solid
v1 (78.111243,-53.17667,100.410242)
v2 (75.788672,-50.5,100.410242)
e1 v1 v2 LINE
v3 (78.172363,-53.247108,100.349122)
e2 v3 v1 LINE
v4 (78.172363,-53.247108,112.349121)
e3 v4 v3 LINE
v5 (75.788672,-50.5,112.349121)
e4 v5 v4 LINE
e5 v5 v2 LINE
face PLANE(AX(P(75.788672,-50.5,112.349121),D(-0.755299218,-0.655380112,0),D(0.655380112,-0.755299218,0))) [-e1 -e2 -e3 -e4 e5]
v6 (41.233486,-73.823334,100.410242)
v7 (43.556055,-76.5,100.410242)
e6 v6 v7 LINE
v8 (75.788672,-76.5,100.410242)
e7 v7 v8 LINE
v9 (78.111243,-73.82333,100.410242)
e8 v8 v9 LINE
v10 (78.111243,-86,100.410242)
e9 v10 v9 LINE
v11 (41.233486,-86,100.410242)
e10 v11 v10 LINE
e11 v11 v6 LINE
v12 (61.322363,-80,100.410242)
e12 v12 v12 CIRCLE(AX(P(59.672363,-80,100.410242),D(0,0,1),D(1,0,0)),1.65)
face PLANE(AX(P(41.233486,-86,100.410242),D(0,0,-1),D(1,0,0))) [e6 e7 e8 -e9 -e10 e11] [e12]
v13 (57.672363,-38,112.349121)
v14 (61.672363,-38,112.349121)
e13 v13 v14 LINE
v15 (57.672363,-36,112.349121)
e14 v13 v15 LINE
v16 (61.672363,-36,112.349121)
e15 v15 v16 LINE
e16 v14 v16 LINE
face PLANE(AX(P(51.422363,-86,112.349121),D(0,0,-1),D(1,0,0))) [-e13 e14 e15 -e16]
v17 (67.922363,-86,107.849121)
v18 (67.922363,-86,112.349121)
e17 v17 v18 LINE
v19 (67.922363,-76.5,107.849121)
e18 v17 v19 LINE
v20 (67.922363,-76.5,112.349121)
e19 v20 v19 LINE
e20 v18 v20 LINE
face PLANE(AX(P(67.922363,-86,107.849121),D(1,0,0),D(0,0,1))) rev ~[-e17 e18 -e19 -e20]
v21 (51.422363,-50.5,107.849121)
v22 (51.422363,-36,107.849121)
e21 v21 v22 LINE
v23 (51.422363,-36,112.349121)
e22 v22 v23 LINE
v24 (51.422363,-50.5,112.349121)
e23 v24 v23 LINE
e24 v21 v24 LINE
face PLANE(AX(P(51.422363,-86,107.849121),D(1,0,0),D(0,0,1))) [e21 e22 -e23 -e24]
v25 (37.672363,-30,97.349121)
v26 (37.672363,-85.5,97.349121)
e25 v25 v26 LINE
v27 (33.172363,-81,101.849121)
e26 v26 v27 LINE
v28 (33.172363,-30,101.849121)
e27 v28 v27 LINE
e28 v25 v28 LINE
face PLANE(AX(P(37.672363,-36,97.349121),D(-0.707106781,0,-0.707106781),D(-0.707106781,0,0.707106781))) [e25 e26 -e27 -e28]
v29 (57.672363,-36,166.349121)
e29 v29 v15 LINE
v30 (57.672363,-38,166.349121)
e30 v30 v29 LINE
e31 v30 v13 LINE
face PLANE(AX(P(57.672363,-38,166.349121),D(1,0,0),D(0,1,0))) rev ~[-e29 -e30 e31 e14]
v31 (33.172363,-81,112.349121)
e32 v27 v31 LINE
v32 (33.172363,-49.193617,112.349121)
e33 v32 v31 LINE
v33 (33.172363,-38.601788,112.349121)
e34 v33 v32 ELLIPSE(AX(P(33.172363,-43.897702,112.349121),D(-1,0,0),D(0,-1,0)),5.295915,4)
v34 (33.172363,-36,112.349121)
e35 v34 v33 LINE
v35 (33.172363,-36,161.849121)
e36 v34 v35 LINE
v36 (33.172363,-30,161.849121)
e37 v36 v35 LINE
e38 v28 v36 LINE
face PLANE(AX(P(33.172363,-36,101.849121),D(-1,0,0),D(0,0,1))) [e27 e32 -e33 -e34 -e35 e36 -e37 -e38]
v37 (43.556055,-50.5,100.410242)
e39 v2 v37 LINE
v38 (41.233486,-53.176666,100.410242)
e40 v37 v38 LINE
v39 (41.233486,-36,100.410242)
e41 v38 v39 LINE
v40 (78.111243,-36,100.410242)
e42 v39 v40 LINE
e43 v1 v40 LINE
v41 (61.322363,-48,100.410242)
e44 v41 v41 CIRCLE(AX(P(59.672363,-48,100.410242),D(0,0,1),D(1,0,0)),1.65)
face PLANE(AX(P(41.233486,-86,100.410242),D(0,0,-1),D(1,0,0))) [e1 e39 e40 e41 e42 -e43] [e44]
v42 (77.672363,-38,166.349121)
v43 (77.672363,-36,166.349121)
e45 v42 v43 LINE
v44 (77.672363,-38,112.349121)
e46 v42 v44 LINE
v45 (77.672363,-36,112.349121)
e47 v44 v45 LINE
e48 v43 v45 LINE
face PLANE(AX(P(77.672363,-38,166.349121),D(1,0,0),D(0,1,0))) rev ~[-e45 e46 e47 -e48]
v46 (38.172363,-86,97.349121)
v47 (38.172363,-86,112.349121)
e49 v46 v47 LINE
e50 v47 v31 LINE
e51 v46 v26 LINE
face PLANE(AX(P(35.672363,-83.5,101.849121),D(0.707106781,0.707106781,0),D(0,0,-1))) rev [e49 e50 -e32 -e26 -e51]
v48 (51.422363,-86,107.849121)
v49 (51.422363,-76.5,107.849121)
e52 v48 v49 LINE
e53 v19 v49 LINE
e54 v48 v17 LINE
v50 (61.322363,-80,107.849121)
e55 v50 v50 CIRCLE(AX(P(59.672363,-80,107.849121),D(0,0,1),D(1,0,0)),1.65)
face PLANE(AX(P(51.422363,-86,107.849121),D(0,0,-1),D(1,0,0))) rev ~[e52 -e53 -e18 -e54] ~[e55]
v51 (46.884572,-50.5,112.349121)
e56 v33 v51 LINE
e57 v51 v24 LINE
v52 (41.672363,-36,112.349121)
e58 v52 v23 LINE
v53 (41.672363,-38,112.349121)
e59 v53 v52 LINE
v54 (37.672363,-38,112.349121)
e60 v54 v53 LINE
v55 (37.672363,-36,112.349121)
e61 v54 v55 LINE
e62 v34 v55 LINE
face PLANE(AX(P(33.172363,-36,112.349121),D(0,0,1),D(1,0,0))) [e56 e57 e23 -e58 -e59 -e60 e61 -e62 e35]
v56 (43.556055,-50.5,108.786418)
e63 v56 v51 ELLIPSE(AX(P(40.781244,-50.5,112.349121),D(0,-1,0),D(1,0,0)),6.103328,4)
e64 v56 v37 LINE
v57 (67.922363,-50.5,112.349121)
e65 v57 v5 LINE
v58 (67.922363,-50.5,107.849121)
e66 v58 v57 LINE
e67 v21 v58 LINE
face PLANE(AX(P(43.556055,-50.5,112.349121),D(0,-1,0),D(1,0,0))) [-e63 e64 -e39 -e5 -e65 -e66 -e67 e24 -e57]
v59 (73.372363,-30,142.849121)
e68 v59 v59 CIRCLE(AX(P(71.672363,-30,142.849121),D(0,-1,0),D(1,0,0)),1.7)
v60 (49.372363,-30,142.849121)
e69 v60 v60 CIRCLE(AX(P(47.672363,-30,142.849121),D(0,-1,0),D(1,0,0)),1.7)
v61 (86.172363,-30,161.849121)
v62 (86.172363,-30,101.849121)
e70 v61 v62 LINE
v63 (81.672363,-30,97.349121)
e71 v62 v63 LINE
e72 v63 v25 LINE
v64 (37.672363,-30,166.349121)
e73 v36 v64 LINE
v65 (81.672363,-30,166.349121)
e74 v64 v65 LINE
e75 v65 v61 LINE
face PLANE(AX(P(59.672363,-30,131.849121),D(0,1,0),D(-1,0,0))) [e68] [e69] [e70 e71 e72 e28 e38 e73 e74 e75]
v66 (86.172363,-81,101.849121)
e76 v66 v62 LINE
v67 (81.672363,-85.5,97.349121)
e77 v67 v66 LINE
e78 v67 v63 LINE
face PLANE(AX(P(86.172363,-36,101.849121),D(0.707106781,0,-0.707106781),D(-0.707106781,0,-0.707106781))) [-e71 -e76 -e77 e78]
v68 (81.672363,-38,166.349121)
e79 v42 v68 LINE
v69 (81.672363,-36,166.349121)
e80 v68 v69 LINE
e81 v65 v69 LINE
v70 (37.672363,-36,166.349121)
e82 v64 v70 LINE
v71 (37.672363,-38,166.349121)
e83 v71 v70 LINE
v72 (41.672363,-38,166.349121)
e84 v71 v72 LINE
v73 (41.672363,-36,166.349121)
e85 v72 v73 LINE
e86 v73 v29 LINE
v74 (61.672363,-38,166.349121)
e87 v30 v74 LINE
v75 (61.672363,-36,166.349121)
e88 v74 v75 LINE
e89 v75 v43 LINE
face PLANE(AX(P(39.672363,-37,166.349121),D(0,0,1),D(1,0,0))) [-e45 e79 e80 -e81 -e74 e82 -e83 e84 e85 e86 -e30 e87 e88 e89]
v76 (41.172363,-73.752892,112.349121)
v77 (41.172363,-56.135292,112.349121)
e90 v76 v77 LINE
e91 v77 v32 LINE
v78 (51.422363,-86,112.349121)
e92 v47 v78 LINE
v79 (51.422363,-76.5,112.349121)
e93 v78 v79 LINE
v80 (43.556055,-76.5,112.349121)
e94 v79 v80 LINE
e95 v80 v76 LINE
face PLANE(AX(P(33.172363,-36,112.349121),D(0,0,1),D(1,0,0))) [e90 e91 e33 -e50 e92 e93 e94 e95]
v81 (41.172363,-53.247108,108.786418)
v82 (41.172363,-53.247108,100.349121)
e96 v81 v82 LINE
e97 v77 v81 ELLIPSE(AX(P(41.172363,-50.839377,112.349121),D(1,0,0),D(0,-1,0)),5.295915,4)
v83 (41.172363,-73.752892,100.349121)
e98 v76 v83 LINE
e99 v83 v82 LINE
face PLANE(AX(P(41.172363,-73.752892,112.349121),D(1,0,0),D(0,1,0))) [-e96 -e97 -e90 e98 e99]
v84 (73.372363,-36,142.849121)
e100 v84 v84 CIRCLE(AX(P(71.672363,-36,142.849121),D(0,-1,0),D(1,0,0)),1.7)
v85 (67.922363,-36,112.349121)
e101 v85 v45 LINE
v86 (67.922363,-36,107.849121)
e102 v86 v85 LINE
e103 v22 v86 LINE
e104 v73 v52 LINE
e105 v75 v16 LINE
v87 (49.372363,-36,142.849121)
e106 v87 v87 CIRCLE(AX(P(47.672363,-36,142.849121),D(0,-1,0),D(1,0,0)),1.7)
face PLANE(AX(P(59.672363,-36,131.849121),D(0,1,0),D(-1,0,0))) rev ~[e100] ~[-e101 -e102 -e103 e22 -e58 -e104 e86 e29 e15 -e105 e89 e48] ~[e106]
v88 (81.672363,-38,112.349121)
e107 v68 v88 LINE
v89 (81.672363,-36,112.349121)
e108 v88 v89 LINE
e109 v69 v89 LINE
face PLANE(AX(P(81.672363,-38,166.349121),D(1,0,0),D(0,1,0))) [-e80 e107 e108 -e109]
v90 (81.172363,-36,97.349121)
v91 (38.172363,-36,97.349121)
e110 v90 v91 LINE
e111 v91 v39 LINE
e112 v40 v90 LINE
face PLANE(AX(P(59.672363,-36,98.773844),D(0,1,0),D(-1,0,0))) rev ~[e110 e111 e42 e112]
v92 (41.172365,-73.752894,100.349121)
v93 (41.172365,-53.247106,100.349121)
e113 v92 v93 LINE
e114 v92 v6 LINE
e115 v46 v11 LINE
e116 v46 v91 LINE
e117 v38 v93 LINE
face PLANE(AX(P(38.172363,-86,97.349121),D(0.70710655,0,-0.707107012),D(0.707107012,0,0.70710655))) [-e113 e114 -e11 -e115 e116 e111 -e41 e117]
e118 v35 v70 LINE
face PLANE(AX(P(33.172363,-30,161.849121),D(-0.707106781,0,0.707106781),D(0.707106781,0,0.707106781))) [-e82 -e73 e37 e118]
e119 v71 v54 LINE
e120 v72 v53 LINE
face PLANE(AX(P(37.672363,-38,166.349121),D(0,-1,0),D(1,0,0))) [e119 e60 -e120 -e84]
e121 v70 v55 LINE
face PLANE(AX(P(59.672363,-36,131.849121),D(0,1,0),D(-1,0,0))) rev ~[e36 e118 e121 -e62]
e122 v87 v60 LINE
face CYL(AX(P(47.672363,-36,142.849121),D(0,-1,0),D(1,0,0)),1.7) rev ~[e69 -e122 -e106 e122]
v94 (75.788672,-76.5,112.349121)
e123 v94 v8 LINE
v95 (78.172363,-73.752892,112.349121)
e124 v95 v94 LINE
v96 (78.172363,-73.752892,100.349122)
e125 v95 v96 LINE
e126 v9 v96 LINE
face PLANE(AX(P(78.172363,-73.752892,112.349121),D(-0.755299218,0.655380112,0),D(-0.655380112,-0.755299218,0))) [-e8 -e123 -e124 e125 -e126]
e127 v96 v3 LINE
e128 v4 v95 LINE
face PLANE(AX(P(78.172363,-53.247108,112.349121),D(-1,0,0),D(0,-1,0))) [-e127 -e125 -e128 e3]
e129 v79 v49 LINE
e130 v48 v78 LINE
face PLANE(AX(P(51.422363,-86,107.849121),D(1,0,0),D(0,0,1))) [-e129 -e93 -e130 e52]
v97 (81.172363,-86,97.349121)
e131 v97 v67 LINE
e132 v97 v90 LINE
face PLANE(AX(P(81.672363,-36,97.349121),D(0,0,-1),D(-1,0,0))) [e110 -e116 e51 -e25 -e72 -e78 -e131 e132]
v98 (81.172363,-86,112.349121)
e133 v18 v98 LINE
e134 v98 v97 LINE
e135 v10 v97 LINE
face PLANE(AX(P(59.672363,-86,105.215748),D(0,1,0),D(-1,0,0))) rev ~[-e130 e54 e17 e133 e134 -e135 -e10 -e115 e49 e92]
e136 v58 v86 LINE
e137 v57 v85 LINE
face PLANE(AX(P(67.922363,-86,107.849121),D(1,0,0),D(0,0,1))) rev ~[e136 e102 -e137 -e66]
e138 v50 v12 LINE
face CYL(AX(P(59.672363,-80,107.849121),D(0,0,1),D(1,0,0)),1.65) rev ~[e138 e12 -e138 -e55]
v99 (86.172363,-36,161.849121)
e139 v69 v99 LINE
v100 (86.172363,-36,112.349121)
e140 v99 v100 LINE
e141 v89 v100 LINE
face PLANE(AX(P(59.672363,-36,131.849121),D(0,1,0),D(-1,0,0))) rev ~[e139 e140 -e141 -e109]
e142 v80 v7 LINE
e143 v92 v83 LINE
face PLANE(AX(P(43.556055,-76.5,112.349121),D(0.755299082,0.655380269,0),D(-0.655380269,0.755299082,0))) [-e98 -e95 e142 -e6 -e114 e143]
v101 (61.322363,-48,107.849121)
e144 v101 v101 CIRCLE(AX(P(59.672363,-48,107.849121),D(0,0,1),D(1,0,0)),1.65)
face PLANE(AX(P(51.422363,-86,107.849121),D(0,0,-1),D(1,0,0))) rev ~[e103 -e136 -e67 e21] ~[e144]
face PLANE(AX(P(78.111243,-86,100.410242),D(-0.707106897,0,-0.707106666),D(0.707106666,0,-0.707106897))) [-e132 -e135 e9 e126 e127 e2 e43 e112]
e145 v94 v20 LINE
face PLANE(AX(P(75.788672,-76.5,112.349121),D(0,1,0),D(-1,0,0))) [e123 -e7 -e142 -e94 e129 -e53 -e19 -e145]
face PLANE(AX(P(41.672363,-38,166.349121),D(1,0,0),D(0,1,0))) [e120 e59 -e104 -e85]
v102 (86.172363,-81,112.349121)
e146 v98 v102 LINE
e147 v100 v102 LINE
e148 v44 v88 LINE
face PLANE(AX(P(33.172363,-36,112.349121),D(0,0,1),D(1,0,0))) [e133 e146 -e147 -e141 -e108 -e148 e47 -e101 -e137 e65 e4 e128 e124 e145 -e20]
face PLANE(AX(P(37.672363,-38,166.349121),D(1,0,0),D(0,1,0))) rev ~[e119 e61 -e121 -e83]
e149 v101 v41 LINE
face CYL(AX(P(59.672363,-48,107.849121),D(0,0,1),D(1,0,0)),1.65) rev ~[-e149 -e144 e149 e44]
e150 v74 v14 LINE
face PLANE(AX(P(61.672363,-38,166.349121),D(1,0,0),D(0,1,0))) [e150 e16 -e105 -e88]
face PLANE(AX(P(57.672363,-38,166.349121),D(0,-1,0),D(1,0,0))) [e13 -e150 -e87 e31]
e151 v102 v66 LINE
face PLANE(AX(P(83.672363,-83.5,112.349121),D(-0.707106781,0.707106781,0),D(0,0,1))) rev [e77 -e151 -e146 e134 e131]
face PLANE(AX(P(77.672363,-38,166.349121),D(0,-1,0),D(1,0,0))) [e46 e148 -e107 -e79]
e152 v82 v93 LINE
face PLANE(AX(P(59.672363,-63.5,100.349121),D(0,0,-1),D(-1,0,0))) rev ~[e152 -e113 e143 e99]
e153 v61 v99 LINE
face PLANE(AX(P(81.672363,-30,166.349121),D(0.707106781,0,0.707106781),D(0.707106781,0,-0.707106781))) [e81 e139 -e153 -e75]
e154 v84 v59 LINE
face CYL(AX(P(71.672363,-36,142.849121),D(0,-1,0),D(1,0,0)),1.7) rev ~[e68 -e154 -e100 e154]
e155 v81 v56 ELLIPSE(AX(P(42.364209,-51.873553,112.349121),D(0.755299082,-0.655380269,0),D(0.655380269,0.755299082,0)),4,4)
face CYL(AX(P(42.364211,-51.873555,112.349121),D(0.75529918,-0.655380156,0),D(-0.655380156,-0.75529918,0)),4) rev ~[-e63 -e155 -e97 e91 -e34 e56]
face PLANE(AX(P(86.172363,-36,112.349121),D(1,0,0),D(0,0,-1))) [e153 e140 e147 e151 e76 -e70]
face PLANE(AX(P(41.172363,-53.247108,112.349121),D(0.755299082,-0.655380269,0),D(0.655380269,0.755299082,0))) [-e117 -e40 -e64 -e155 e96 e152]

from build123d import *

# Parameters (mm, degrees)
EXTRUDE_DEPTH                     = 6
EXTRUDE_ONTO_SKETCH039_ROLL_ANGLE = 90
SKETCH041_R                       = 1.7
POCKET009_DEPTH                   = 6
PAD006_DEPTH                      = 50
CHAMFER009_SIZE                   = 5
SKETCH043_W                       = 4
SKETCH043_H                       = 2
PAD007_DEPTH                      = 54
POCKET010_DEPTH                   = 50
POCKET011_DEPTH                   = 12
SKETCH047_W                       = 16.5
SKETCH047_H                       = 4.5
POCKET012_DEPTH                   = 50
SKETCH048_R                       = 1.65
POCKET013_DEPTH                   = 10
POCKET014_DEPTH                   = 16


with BuildPart() as part:
    # Sketch039 as drawn → Extrude (new)
    with BuildSketch(Plane.XY):
        Polygon((44.672363, 146.349121), (88.672363, 146.349121), (93.172363, 141.849121), (93.172363, 81.849121), (88.672363, 77.349121), (44.672363, 77.349121), (40.172363, 81.849121), (40.172363, 141.849121), align=None)
    extrude(amount=EXTRUDE_DEPTH)


with BuildPart() as part_1:
    # Extrude onto Sketch039 roll: moved
    add(part.part.rotate(Axis((0, 0, 0), (1, 0, 0)), EXTRUDE_ONTO_SKETCH039_ROLL_ANGLE))


with BuildPart() as part_2:
    # Extrude onto Sketch039 placement: moved
    add(part_1.part.moved(Location((-7, -30, 20))))

    # Sketch041 → Pocket009 (cut)
    with BuildSketch(Plane.XZ.offset(36)):
        with Locations((47.672363, 142.849121)):
            Circle(SKETCH041_R)
        with Locations((71.672363, 142.849121)):
            Circle(SKETCH041_R)
    extrude(amount=-POCKET009_DEPTH, mode=Mode.SUBTRACT)

    # Sketch042 → Pad006 (new body)
    with BuildSketch(Plane.XZ.offset(36)):
        Polygon((33.172363, 112.349121), (86.172363, 112.349121), (86.172363, 101.849121), (81.672363, 97.349121), (37.672363, 97.349121), (33.172363, 101.849121), align=None)
    extrude(amount=PAD006_DEPTH)

    # Chamfer009
    chamfer009_edges = [part_2.edges().sort_by_distance(p)[0] for p in [
        (86.172363, -86, 107.099121),
        (33.172363, -86, 107.099121),
    ]]
    chamfer(chamfer009_edges, length=CHAMFER009_SIZE)

    # Sketch043 → Pad007 (new body)
    with BuildSketch(Plane.XY.offset(166.349121)):
        with Locations((39.672363, -37)):
            Rectangle(SKETCH043_W, SKETCH043_H)
        with Locations((79.672363, -37)):
            Rectangle(SKETCH043_W, SKETCH043_H)
        with Locations((59.672363, -37)):
            Rectangle(SKETCH043_W, SKETCH043_H)
    extrude(amount=-PAD007_DEPTH)

    # Sketch044 → Pocket010 (cut)
    with BuildSketch(Plane.XZ.offset(86)):
        Polygon((38.172363, 97.349121), (41.233486, 100.410242), (78.111243, 100.410242), (81.172363, 97.349121), align=None)
    extrude(amount=-POCKET010_DEPTH, mode=Mode.SUBTRACT)

    # Sketch046 → Pocket011 (cut)
    with BuildSketch(Plane.XY.offset(112.349121)):
        Polygon((41.172363, -73.752892), (41.172363, -53.247108), (43.556055, -50.5), (75.788672, -50.5), (78.172363, -53.247108), (78.172363, -73.752892), (75.788672, -76.5), (43.556055, -76.5), align=None)
    extrude(amount=-POCKET011_DEPTH, mode=Mode.SUBTRACT)

    # Sketch047 → Pocket012 (cut)
    with BuildSketch(Plane.XZ.offset(86)):
        with Locations((59.672363, 110.099121)):
            Rectangle(SKETCH047_W, SKETCH047_H)
    extrude(amount=-POCKET012_DEPTH, mode=Mode.SUBTRACT)

    # Sketch048 → Pocket013 (cut)
    with BuildSketch(Plane.XY.offset(107.849121)):
        with Locations((59.672363, -80)):
            Circle(SKETCH048_R)
        with Locations((59.672363, -48)):
            Circle(SKETCH048_R)
    extrude(amount=-POCKET013_DEPTH, mode=Mode.SUBTRACT)

    # Sketch049 → Pocket014 (cut, symmetric)
    with BuildSketch(Plane(origin=(49.845623, -43.251529, 0), x_dir=(0.65538, 0.755299, 0), z_dir=(0.755299, -0.65538, 0))):
        with BuildLine():
            ThreePointArc((-15.415378, 112.349121), (-11.415378, 108.349121), (-7.415378, 112.349121))
            Line((-15.415378, 112.349121), (-7.415378, 112.349121))
        make_face()
    extrude(amount=POCKET014_DEPTH, both=True, mode=Mode.SUBTRACT)


solid = part_2.part
